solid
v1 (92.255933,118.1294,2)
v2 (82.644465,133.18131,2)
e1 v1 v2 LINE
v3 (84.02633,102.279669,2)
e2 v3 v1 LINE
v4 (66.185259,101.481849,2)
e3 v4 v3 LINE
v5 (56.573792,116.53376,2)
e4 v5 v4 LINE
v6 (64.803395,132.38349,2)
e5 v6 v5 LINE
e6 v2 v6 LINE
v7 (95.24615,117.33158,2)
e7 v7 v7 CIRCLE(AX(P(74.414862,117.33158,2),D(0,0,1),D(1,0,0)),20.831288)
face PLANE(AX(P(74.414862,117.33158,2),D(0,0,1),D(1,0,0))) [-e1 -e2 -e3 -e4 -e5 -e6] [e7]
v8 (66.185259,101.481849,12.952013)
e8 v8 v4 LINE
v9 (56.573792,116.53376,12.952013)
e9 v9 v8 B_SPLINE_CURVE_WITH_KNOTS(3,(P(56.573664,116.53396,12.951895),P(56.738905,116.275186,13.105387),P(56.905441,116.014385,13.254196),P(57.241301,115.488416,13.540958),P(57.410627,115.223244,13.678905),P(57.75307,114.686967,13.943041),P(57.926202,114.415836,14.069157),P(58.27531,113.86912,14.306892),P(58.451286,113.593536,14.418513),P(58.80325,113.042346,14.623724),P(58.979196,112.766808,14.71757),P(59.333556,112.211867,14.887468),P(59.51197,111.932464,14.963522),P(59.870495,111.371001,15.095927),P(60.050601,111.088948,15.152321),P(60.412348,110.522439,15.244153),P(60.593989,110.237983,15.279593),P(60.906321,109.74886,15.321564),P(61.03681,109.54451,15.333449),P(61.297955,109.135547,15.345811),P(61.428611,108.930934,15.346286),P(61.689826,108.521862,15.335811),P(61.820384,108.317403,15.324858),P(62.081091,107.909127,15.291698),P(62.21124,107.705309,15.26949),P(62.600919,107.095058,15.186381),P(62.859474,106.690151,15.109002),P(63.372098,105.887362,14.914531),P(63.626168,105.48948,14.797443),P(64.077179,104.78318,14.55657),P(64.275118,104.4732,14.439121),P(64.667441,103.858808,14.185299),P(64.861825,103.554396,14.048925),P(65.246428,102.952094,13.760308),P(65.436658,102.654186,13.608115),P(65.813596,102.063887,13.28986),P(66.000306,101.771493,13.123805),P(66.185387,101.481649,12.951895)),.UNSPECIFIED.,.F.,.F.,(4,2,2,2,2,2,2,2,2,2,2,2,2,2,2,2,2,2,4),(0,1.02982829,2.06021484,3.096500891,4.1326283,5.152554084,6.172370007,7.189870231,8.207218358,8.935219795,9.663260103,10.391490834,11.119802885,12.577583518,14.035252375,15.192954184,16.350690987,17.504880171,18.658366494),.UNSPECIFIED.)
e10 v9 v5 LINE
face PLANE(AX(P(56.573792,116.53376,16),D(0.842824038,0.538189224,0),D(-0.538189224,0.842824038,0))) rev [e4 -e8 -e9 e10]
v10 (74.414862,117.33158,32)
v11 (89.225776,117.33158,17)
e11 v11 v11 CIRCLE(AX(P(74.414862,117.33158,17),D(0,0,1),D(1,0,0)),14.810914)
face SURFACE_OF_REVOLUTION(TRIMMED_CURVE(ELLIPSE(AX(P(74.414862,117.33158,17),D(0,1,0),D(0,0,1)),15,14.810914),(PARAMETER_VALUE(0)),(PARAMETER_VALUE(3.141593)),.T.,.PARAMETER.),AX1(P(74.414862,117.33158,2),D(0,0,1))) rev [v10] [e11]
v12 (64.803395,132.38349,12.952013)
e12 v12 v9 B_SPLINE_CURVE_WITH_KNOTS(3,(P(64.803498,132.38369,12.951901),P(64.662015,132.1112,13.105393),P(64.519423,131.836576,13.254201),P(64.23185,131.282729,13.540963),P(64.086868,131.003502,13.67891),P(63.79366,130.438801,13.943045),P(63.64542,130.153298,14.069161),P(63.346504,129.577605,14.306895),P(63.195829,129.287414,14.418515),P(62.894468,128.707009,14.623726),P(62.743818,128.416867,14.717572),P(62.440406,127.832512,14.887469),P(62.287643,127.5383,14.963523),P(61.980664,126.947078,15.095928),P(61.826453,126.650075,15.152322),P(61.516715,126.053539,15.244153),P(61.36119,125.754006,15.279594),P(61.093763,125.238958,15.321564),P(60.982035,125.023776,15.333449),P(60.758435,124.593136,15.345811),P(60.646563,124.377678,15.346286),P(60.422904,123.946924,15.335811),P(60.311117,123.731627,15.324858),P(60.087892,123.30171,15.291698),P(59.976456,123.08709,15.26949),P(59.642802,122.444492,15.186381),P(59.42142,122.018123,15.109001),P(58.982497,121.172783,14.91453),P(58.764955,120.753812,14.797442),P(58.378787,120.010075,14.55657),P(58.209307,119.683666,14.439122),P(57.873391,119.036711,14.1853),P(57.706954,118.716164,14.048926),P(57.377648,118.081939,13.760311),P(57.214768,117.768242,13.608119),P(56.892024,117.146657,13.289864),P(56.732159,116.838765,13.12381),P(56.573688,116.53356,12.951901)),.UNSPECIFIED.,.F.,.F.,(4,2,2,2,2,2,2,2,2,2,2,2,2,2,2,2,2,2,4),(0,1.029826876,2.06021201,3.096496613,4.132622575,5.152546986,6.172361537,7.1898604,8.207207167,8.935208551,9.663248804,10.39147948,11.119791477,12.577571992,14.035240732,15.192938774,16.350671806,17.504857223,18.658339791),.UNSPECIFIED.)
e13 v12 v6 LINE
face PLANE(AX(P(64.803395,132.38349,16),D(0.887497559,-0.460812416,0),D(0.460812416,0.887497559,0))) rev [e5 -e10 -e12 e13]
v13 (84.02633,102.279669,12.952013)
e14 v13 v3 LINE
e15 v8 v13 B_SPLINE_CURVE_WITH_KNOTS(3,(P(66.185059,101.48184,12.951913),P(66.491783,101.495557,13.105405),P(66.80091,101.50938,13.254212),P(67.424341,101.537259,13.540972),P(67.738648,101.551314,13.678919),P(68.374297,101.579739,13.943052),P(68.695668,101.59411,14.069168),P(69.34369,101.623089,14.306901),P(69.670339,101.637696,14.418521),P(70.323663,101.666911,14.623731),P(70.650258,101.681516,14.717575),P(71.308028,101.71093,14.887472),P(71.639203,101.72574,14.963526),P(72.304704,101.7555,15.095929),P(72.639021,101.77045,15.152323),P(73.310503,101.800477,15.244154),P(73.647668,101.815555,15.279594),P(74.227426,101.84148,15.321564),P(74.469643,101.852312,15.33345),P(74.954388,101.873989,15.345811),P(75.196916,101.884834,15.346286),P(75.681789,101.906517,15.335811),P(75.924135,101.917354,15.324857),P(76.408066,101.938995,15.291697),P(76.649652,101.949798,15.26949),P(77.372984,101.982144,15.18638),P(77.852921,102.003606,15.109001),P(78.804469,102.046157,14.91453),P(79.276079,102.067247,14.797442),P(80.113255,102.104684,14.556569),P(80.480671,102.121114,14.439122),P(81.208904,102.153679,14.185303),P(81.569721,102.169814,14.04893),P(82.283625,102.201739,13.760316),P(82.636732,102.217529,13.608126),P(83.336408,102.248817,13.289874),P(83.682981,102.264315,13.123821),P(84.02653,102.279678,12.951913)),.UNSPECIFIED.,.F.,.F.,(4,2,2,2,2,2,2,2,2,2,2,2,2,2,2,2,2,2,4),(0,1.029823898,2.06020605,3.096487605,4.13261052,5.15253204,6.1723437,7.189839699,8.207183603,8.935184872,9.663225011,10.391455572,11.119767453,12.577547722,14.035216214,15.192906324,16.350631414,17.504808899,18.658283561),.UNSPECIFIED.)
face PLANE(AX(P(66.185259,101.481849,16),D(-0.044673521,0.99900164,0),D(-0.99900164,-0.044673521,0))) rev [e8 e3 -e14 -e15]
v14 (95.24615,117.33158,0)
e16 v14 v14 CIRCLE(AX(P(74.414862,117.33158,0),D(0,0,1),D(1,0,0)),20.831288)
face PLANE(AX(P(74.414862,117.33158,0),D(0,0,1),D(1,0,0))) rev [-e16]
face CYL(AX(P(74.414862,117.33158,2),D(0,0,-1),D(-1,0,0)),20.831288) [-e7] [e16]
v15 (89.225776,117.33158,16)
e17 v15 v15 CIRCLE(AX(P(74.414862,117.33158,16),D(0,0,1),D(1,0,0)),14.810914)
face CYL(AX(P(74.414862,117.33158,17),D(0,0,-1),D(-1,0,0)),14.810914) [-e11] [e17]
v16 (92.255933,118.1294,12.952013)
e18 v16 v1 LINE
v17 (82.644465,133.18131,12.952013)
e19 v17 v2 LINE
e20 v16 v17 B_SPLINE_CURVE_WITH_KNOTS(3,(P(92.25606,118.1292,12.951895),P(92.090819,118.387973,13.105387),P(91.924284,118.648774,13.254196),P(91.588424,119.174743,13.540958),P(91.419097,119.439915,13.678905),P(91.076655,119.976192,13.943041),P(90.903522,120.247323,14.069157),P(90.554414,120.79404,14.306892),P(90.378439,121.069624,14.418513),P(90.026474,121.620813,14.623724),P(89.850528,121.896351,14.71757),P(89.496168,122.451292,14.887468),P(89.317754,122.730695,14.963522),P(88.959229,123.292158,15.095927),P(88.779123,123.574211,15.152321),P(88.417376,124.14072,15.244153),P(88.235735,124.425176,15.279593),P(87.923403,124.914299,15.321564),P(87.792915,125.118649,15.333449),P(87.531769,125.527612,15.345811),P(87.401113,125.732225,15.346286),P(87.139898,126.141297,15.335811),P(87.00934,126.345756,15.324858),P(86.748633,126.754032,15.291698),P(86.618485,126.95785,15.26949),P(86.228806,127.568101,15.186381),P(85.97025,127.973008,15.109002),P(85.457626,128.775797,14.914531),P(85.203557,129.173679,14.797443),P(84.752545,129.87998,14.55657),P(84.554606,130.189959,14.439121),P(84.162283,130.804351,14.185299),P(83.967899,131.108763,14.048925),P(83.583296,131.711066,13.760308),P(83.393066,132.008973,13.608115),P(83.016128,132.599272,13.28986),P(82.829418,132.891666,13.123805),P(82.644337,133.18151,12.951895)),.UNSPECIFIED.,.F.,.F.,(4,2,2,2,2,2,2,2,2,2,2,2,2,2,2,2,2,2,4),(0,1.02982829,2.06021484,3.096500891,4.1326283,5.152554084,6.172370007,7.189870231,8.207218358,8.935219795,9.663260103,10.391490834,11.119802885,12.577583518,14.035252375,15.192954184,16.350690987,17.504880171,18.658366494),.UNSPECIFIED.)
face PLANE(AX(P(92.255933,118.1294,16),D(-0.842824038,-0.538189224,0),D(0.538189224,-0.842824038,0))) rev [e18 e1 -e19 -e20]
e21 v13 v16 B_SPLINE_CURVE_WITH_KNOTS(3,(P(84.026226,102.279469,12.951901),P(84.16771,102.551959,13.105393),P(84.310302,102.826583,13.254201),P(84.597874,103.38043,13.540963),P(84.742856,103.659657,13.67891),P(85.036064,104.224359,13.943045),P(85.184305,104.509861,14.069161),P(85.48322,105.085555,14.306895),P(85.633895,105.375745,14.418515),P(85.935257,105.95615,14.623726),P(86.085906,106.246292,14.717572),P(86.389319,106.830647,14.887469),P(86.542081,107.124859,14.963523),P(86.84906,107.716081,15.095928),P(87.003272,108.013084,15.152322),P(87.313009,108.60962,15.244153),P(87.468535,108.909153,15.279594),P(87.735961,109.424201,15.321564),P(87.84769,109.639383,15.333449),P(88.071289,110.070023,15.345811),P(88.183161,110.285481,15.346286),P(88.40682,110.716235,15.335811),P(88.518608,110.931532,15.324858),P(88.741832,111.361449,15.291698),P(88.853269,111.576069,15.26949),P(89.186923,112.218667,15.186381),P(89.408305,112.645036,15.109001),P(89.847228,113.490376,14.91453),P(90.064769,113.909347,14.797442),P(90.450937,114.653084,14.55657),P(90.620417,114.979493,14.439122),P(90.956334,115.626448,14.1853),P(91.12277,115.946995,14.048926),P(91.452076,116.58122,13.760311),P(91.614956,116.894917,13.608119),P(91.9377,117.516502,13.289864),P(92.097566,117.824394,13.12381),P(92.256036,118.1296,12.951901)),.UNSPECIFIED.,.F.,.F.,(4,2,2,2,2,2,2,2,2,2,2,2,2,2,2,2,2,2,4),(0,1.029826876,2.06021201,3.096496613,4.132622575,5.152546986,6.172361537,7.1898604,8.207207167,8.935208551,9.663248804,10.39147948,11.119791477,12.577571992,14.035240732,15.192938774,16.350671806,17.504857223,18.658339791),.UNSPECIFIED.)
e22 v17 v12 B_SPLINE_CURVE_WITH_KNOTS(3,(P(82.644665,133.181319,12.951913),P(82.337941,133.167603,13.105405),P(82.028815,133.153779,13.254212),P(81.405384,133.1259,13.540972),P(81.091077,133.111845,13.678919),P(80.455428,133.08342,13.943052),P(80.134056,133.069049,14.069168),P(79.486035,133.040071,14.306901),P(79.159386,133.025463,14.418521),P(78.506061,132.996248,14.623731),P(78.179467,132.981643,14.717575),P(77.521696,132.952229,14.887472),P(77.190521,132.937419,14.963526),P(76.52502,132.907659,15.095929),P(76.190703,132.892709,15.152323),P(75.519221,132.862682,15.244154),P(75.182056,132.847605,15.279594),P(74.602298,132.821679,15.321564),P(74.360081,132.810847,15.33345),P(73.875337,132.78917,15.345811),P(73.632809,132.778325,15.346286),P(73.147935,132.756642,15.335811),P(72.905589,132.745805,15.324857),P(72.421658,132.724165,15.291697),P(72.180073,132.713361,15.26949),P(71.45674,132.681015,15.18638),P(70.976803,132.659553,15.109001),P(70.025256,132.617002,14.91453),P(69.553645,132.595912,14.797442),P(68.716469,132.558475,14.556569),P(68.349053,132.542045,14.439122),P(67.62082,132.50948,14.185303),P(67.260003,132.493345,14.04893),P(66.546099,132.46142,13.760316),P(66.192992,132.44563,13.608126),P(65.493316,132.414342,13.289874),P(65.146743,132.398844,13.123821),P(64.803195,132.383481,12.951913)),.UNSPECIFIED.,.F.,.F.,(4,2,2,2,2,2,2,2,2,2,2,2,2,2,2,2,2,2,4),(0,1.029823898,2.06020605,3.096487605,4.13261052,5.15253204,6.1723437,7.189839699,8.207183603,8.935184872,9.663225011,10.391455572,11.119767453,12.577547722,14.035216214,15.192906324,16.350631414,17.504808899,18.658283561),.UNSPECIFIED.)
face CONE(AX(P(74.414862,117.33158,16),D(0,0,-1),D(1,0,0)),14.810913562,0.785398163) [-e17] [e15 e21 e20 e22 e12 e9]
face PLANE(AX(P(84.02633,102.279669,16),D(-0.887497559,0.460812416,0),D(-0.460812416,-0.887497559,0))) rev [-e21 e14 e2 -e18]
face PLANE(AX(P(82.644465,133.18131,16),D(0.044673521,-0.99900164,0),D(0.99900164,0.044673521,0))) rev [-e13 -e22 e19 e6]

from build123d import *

# Parameters (mm, degrees)
SKETCH2_R           = 20.831287801
BOSS_EXTRUDE1_DEPTH = 2
BOSS_EXTRUDE2_DEPTH = 14
SKETCH4_R           = 20.916131801
SKETCH4_R_2         = 14.810913562
CUT_EXTRUDE1_DEPTH  = 14
CUT_EXTRUDE1_DRAFT  = -45
SKETCH5_R           = 14.810913562
BOSS_EXTRUDE3_DEPTH = 1
DOME1_FACE_RADIUS   = 14.810913562
DOME1_HEIGHT        = 15


with BuildPart() as part:
    # Sketch2 → Boss-Extrude1 (new body)
    with BuildSketch(Plane.XY):
        with Locations((74.414862174, 117.331579563)):
            Circle(SKETCH2_R)
    extrude(amount=BOSS_EXTRUDE1_DEPTH)

    # Sketch3 → Boss-Extrude2 (add)
    with BuildSketch(Plane.XY.offset(2)):
        Polygon((82.644465075, 133.181309802), (64.803394594, 132.383489858), (56.573791693, 116.533759619), (66.185259272, 101.481849324), (84.026329753, 102.279669268), (92.255932654, 118.129399507), align=None)
    extrude(amount=BOSS_EXTRUDE2_DEPTH)


with BuildPart() as cut_extrude1_tool:
    # Sketch4 → Cut-Extrude1 (with draft: the straight prism first)
    with BuildSketch(Plane.XY.offset(16)):
        with Locations((74.414862174, 117.331579563)):
            Circle(SKETCH4_R)
        with Locations((74.414862174, 117.331579563)):
            Circle(SKETCH4_R_2, mode=Mode.SUBTRACT)
    extrude(amount=-CUT_EXTRUDE1_DEPTH)
    # Cut-Extrude1: the draft: its side faces are tilted about the plane it starts from
    cut_extrude1_sides = [cut_extrude1_tool.faces().sort_by_distance(p)[0] for p in [
        (53.498730373, 117.331579563, 9),
        (59.603948612, 117.331579563, 9),
    ]]
    draft(cut_extrude1_sides, Plane.XY.offset(16), CUT_EXTRUDE1_DRAFT)


with BuildPart() as part_1:
    add(part.part)

    # Cut-Extrude1: cut by cut_extrude1_tool
    add(cut_extrude1_tool.part, mode=Mode.SUBTRACT)

    # Sketch5 → Boss-Extrude3 (add)
    with BuildSketch(Plane.XY.offset(16)):
        with Locations((74.414862174, 117.331579563)):
            Circle(SKETCH5_R)
    extrude(amount=BOSS_EXTRUDE3_DEPTH)

    # Dome1: an elliptical dome of height H over a round flat face of radius A is half a spheroid: the quarter ellipse of half axes A and H revolved about the face's axis
    with BuildSketch(Plane((74.414862174, 117.331579563, 17), x_dir=(0, 1, 0), z_dir=(1, 0, 0)), mode=Mode.PRIVATE) as dome1_quarter:
        Ellipse(DOME1_FACE_RADIUS, DOME1_HEIGHT)
        Rectangle(DOME1_FACE_RADIUS, DOME1_HEIGHT, align=(Align.MIN, Align.MIN), mode=Mode.INTERSECT)
    revolve(dome1_quarter.sketch, axis=Axis((74.414862174, 117.331579563, 17), (0, 0, 1)))


solid = part_1.part
